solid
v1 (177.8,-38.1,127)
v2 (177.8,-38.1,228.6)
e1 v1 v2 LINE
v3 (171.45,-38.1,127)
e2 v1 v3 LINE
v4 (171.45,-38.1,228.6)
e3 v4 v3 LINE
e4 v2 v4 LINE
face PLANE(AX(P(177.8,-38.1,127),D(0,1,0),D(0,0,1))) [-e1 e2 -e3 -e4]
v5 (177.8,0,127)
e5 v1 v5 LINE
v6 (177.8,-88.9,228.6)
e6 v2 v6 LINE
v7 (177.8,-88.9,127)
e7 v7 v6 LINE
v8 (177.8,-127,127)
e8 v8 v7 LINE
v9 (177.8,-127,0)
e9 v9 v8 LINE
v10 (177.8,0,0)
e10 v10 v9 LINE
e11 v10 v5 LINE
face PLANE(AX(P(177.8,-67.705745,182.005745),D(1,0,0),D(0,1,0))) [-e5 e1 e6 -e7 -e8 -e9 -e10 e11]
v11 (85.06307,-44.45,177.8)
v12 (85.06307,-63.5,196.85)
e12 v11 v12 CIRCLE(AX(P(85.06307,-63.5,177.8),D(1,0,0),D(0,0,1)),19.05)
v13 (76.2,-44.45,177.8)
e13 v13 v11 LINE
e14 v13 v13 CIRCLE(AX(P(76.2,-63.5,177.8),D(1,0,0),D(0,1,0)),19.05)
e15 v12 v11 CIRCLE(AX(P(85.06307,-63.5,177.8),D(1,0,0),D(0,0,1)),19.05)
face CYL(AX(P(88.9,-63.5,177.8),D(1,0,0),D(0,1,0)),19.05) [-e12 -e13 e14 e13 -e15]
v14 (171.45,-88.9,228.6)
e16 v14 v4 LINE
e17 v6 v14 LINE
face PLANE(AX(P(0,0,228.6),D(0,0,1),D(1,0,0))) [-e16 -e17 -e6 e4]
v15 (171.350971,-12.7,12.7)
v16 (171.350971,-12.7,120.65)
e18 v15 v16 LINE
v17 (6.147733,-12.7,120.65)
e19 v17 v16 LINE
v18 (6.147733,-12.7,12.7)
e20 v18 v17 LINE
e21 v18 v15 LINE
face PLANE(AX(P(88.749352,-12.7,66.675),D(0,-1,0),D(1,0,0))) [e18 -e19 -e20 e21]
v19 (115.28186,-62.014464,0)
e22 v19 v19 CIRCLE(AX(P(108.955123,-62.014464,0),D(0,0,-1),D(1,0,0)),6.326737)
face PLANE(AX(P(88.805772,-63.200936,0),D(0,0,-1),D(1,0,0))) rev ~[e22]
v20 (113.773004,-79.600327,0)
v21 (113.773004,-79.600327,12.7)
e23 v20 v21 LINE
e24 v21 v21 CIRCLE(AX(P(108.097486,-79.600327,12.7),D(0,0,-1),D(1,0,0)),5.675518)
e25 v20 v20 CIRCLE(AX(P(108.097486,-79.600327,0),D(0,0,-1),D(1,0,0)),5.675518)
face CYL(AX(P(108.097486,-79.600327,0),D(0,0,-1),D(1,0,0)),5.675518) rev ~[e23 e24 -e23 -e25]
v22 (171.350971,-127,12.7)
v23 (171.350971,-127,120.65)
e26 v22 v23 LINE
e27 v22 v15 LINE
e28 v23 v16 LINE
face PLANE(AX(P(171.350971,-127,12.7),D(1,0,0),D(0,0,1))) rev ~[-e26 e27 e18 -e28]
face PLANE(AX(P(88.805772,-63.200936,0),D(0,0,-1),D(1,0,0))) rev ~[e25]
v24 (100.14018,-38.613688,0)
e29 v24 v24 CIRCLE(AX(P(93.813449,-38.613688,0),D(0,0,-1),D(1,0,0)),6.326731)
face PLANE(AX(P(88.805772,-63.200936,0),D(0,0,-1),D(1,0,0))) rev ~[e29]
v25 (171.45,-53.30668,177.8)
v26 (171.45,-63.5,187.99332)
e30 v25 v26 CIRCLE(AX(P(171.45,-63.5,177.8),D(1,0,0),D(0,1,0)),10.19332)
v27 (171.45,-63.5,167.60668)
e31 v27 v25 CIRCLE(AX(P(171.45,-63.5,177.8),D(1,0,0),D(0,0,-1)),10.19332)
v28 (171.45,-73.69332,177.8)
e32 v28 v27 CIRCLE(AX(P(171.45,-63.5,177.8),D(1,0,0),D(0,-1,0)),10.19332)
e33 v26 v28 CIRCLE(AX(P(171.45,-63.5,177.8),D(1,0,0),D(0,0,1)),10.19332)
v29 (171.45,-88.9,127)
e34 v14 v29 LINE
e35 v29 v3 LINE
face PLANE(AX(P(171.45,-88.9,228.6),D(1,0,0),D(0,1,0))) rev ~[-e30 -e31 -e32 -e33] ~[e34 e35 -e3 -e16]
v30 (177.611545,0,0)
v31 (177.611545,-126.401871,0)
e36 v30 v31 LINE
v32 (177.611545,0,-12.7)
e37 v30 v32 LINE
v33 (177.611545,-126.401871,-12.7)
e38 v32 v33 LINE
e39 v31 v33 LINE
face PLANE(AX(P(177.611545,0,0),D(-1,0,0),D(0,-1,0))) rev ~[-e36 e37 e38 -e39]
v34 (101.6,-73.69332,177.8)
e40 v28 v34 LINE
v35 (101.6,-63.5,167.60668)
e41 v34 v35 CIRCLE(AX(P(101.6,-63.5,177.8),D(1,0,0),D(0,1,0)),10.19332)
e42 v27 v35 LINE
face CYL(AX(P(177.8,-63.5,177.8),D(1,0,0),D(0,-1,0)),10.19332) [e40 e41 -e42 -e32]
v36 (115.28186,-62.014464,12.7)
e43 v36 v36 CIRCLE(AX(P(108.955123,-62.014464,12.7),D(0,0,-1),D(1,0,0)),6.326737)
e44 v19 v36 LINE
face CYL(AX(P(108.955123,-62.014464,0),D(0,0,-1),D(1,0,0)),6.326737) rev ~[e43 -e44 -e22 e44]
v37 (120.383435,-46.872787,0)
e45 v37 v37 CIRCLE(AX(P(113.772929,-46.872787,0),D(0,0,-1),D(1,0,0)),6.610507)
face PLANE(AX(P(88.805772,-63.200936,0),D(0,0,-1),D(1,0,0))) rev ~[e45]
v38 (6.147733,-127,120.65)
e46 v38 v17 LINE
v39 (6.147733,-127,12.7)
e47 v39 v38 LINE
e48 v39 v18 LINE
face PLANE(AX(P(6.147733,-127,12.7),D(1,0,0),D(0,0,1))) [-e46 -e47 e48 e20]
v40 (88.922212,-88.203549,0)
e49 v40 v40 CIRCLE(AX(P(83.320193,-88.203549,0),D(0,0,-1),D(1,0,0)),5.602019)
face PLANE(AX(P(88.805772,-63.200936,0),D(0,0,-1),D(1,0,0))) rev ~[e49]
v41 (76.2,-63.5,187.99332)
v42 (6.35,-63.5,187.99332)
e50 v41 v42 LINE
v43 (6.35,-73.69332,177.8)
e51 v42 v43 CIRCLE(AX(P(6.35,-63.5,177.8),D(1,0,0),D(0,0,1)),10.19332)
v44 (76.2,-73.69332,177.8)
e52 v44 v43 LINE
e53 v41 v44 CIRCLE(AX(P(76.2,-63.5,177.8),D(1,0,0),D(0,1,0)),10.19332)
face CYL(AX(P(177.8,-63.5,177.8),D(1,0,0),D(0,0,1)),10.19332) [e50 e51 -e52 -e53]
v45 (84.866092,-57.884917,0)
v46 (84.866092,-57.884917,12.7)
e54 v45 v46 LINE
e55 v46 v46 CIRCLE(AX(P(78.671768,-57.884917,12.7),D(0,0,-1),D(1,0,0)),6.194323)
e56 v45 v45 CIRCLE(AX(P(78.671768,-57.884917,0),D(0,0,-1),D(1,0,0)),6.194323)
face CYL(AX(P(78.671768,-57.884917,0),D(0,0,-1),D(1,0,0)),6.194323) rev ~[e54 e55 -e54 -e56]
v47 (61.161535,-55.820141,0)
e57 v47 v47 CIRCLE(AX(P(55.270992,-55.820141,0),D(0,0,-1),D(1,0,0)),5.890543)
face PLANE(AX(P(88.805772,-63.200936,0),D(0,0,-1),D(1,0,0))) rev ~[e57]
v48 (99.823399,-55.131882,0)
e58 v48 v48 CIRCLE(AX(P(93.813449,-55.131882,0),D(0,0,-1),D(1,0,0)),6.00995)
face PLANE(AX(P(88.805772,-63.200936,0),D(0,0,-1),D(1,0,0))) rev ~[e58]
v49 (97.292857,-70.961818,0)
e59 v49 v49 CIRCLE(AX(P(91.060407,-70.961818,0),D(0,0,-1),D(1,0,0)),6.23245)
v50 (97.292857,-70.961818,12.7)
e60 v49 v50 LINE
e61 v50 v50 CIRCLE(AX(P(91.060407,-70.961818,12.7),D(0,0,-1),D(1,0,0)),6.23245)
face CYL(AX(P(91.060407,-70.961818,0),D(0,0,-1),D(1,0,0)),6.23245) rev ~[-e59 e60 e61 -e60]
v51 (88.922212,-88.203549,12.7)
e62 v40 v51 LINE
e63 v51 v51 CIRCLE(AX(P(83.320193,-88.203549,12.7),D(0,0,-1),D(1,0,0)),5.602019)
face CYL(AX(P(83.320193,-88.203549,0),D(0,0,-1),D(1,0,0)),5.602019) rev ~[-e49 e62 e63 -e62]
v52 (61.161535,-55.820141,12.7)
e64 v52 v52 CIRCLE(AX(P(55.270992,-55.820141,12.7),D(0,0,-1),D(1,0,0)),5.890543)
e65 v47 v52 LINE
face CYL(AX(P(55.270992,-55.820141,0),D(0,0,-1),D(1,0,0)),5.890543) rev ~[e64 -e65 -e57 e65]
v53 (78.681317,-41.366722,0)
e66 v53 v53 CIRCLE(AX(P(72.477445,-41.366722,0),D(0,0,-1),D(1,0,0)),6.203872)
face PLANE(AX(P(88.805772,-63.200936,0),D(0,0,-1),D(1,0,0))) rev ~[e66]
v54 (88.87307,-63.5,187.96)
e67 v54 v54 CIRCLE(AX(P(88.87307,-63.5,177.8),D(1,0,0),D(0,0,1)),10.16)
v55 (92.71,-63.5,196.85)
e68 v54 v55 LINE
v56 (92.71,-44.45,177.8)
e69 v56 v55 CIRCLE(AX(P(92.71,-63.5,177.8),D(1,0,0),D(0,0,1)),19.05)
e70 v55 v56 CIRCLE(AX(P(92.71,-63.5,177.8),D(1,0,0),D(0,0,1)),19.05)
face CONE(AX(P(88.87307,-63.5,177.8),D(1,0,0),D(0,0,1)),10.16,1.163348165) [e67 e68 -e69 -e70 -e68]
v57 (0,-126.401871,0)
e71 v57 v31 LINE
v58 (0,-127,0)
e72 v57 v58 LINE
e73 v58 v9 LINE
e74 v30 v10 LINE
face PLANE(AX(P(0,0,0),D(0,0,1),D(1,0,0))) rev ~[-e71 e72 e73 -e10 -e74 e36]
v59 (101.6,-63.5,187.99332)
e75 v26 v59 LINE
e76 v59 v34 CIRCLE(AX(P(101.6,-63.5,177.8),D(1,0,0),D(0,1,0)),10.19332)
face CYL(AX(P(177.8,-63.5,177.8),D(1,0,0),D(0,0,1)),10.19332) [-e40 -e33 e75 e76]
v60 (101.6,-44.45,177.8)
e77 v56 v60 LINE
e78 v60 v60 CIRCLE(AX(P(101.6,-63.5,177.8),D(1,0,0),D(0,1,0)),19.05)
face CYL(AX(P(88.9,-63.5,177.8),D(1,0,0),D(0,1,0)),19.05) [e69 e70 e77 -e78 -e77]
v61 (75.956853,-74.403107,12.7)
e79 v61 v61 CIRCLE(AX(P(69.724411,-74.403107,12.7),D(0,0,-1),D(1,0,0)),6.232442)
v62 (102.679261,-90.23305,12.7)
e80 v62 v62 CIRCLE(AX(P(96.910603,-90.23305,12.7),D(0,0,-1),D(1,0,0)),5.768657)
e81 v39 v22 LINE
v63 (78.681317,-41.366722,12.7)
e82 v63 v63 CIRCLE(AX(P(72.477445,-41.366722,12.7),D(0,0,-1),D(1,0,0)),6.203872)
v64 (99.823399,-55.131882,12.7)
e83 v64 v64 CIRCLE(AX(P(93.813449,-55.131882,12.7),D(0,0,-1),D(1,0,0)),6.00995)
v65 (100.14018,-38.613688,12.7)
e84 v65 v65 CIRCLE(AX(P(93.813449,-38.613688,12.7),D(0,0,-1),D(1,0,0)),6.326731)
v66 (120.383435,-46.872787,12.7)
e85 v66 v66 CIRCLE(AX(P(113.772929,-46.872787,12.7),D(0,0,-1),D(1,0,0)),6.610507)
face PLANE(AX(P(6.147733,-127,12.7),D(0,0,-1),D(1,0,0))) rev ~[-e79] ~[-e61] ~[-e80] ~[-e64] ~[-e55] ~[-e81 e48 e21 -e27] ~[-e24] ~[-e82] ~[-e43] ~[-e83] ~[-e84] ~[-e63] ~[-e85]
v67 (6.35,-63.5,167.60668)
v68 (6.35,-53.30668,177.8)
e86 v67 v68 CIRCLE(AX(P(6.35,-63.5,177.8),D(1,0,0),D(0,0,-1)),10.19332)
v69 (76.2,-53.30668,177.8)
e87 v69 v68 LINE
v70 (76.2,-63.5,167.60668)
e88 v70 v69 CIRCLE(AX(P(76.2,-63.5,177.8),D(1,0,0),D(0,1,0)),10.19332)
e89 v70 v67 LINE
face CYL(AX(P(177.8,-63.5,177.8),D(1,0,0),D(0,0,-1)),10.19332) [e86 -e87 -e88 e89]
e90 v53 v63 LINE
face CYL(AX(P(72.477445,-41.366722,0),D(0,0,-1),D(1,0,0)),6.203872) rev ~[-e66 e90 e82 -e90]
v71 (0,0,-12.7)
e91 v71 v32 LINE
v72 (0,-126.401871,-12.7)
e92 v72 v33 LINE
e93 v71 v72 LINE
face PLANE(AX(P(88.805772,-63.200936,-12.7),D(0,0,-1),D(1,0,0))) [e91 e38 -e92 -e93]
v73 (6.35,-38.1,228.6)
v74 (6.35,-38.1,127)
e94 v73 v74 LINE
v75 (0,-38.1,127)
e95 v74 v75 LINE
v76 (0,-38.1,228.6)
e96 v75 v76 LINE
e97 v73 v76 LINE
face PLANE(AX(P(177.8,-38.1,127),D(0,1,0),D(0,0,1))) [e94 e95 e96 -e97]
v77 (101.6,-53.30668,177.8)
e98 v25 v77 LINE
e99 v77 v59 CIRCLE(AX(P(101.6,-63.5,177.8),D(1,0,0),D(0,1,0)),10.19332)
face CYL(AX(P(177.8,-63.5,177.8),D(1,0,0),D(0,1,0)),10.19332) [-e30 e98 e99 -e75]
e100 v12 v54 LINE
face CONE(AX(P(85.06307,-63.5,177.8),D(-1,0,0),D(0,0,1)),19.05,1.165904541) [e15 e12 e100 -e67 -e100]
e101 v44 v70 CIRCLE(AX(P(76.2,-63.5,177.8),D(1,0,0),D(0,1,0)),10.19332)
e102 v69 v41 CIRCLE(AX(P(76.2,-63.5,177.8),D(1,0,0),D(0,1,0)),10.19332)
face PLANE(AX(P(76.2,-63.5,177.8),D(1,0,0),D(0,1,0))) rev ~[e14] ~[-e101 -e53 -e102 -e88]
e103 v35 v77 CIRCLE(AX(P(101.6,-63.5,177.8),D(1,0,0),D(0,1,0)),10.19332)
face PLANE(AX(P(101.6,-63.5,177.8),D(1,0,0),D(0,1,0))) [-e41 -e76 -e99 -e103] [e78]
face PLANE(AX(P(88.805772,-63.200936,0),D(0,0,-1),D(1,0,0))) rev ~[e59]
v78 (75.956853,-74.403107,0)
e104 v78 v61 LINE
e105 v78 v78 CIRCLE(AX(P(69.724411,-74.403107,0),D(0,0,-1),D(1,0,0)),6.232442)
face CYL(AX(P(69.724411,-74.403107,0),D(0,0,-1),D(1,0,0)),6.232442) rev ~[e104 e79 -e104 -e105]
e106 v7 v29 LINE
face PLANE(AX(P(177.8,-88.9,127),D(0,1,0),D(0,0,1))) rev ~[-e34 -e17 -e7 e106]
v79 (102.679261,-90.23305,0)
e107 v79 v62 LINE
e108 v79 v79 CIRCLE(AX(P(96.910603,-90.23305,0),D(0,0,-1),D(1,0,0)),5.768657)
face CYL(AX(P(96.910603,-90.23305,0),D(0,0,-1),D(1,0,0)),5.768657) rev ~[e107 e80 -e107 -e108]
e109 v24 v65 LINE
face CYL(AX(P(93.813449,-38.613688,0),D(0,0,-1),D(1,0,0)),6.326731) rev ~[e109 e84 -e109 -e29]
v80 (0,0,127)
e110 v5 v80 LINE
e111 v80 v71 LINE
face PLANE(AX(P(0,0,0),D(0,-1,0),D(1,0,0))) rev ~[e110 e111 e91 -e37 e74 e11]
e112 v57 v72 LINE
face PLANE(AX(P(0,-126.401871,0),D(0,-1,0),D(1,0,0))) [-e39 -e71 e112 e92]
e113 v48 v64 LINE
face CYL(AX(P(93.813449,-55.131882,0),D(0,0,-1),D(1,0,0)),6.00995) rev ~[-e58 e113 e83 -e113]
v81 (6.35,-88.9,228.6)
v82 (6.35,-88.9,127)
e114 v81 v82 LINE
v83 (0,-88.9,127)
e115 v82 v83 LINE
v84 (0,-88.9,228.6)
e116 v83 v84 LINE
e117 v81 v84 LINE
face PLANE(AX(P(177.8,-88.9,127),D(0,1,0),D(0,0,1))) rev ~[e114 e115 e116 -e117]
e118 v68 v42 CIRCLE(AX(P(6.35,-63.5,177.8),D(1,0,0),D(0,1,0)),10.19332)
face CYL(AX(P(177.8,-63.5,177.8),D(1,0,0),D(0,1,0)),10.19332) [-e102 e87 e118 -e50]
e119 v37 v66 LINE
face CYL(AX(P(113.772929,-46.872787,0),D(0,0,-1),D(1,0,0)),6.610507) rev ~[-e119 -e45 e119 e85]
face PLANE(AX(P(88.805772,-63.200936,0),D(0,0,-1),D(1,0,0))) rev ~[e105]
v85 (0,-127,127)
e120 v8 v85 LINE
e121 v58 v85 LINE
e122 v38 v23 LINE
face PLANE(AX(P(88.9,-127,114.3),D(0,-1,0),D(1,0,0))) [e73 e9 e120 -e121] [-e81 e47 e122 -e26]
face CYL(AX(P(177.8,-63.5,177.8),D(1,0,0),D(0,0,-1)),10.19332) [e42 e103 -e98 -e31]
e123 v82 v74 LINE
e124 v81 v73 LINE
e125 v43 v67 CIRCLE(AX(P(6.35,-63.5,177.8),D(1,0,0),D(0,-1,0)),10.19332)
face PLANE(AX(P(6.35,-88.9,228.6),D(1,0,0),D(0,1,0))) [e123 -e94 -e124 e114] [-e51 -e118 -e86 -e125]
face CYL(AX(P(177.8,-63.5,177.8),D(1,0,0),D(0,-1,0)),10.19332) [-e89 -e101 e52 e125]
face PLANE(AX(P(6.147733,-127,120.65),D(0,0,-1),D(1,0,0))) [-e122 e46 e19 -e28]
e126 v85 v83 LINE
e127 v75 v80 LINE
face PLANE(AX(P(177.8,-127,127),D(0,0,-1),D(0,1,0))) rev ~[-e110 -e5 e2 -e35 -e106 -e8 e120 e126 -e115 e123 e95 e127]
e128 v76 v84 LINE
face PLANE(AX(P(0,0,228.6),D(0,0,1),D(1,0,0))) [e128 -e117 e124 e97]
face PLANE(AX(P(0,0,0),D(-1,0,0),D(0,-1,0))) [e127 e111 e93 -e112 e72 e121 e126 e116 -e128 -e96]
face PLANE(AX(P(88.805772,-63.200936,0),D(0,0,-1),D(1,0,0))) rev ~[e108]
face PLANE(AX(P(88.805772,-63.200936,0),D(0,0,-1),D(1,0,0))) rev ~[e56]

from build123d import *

# Parameters (mm, degrees)
F0_W      = 177.8
F0_H      = 228.6
F1_DEPTH  = 127
F2_W      = 38.1
F2_H      = 101.6
F3_DEPTH  = 177.8
F4_W      = 38.1
F4_H      = 101.6
F5_DEPTH  = 177.8
F6_R      = 6.199251325
F7_DEPTH  = 177.8
F8_W      = 165.1
F8_H      = 50.8
F9_DEPTH  = 101.6
F11_DEPTH = 174.498
F12_W     = 165.2032374404
F12_H     = 107.95
F13_DEPTH = 114.3
F15_R     = 5.6020191421
F16_DEPTH = 25.4
F17_R     = 5.6755182408
F18_DEPTH = 25.4
F19_R     = 6.2324496131
F20_DEPTH = 25.4
F21_R     = 6.232442208
F22_DEPTH = 25.4
F23_R     = 6.1943233013
F24_DEPTH = 25.4
F25_R     = 6.3267373896
F26_DEPTH = 25.4
F27_R     = 5.7686573469
F28_DEPTH = 25.4
F29_R     = 6.0099495699
F30_DEPTH = 25.4
F31_R     = 5.8905425669
F32_DEPTH = 25.4
F33_R     = 6.2038720929
F34_DEPTH = 25.4
F35_R     = 6.3267305002
F36_DEPTH = 25.4
F37_R     = 6.6105067138
F38_DEPTH = 25.4
F40_R     = 19.05
F40_R_2   = 10.1933204062
F41_DEPTH = 12.7
F42_W     = 177.6115447283
F42_H     = 126.4018714428
F43_DEPTH = 12.7


with BuildPart() as f1:
    # F0 (on Front) → F1 (new body)
    with BuildSketch(Plane.XZ):
        with Locations((88.9, 114.3)):
            Rectangle(F0_W, F0_H)
    extrude(amount=F1_DEPTH)

    # F2 (on face) → F3 (cut)
    with BuildSketch(Plane.YZ.offset(177.8)):
        with Locations((-107.95, 177.8)):
            Rectangle(F2_W, F2_H)
    extrude(amount=-F3_DEPTH, mode=Mode.SUBTRACT)

    # F4 (on face) → F5 (cut)
    with BuildSketch(Plane.YZ.offset(177.8)):
        with Locations((-19.05, 177.8)):
            Rectangle(F4_W, F4_H)
    extrude(amount=-F5_DEPTH, mode=Mode.SUBTRACT)

    # F6 (on face) → F7 (join)
    with BuildSketch(Plane(origin=(0, 0, 0), x_dir=(0, -1, 0), z_dir=(-1, 0, 0))):
        with Locations((61.0702037811, 211.2230211496)):
            Circle(F6_R)
    extrude(amount=-F7_DEPTH)

    # F8 (on face) → F9 (cut)
    with BuildSketch(Plane.XY.offset(228.6)):
        with Locations((88.9, -63.5)):
            Rectangle(F8_W, F8_H)
    extrude(amount=-F9_DEPTH, mode=Mode.SUBTRACT)

    # F10 (on face) → F11 (join)
    with BuildSketch(Plane.YZ.offset(177.8)):
        with BuildLine():
            Line((-63.5, 177.8), (-63.5, 187.9933204062))
            ThreePointArc((-63.5, 187.9933204062), (-70.707765982, 185.007765982), (-73.6933204062, 177.8))
            Line((-73.6933204062, 177.8), (-63.5, 177.8))
        make_face()
        with BuildLine():
            Line((-63.5, 167.6066795938), (-63.5, 177.8))
            Line((-63.5, 177.8), (-73.6933204062, 177.8))
            ThreePointArc((-73.6933204062, 177.8), (-70.707765982, 170.592234018), (-63.5, 167.6066795938))
        make_face()
        with BuildLine():
            Line((-53.3066795938, 177.8), (-63.5, 177.8))
            Line((-63.5, 177.8), (-63.5, 167.6066795938))
            ThreePointArc((-63.5, 167.6066795938), (-56.292234018, 170.592234018), (-53.3066795938, 177.8))
        make_face()
        with BuildLine():
            ThreePointArc((-53.3066795938, 177.8), (-56.292234018, 185.007765982), (-63.5, 187.9933204062))
            Line((-63.5, 187.9933204062), (-63.5, 177.8))
            Line((-63.5, 177.8), (-53.3066795938, 177.8))
        make_face()
    extrude(amount=-F11_DEPTH)

    # F12 (on face) → F13 (cut)
    with BuildSketch(Plane.XZ.offset(127)):
        with Locations((88.7493521441, 66.675)):
            Rectangle(F12_W, F12_H)
    extrude(amount=-F13_DEPTH, mode=Mode.SUBTRACT)

    # F15 (on face) → F16 (cut)
    with BuildSketch(Plane(origin=(0, 0, 0), x_dir=(1, 0, 0), z_dir=(0, 0, -1))):
        with Locations((83.3201929927, 88.2035493851)):
            Circle(F15_R)
    extrude(amount=-F16_DEPTH, mode=Mode.SUBTRACT)

    # F17 (on face) → F18 (cut)
    with BuildSketch(Plane(origin=(0, 0, 0), x_dir=(1, 0, 0), z_dir=(0, 0, -1))):
        with Locations((108.0974861979, 79.6003267169)):
            Circle(F17_R)
    extrude(amount=-F18_DEPTH, mode=Mode.SUBTRACT)

    # F19 (on face) → F20 (cut)
    with BuildSketch(Plane(origin=(0, 0, 0), x_dir=(1, 0, 0), z_dir=(0, 0, -1))):
        with Locations((91.0604074597, 70.961818099)):
            Circle(F19_R)
    extrude(amount=-F20_DEPTH, mode=Mode.SUBTRACT)

    # F21 (on face) → F22 (cut)
    with BuildSketch(Plane(origin=(0, 0, 0), x_dir=(1, 0, 0), z_dir=(0, 0, -1))):
        with Locations((69.7244107723, 74.4031071663)):
            Circle(F21_R)
    extrude(amount=-F22_DEPTH, mode=Mode.SUBTRACT)

    # F23 (on face) → F24 (cut)
    with BuildSketch(Plane(origin=(0, 0, 0), x_dir=(1, 0, 0), z_dir=(0, 0, -1))):
        with Locations((78.6717683077, 57.8849166632)):
            Circle(F23_R)
    extrude(amount=-F24_DEPTH, mode=Mode.SUBTRACT)

    # F25 (on face) → F26 (cut)
    with BuildSketch(Plane(origin=(0, 0, 0), x_dir=(1, 0, 0), z_dir=(0, 0, -1))):
        with Locations((108.9551225305, 62.0144642889)):
            Circle(F25_R)
    extrude(amount=-F26_DEPTH, mode=Mode.SUBTRACT)

    # F27 (on face) → F28 (cut)
    with BuildSketch(Plane(origin=(0, 0, 0), x_dir=(1, 0, 0), z_dir=(0, 0, -1))):
        with Locations((96.9106033444, 90.2330502868)):
            Circle(F27_R)
    extrude(amount=-F28_DEPTH, mode=Mode.SUBTRACT)

    # F29 (on face) → F30 (cut)
    with BuildSketch(Plane(origin=(0, 0, 0), x_dir=(1, 0, 0), z_dir=(0, 0, -1))):
        with Locations((93.8134491444, 55.1318824291)):
            Circle(F29_R)
    extrude(amount=-F30_DEPTH, mode=Mode.SUBTRACT)

    # F31 (on face) → F32 (cut)
    with BuildSketch(Plane(origin=(0, 0, 0), x_dir=(1, 0, 0), z_dir=(0, 0, -1))):
        with Locations((55.2709922194, 55.8201409876)):
            Circle(F31_R)
    extrude(amount=-F32_DEPTH, mode=Mode.SUBTRACT)

    # F33 (on face) → F34 (cut)
    with BuildSketch(Plane(origin=(0, 0, 0), x_dir=(1, 0, 0), z_dir=(0, 0, -1))):
        with Locations((72.4774450064, 41.3667224348)):
            Circle(F33_R)
    extrude(amount=-F34_DEPTH, mode=Mode.SUBTRACT)

    # F35 (on face) → F36 (cut)
    with BuildSketch(Plane(origin=(0, 0, 0), x_dir=(1, 0, 0), z_dir=(0, 0, -1))):
        with Locations((93.8134491444, 38.6136882007)):
            Circle(F35_R)
    extrude(amount=-F36_DEPTH, mode=Mode.SUBTRACT)

    # F37 (on face) → F38 (cut)
    with BuildSketch(Plane(origin=(0, 0, 0), x_dir=(1, 0, 0), z_dir=(0, 0, -1))):
        with Locations((113.7729287148, 46.8727871776)):
            Circle(F37_R)
    extrude(amount=-F38_DEPTH, mode=Mode.SUBTRACT)

    # F40 (on offset) → F41 (join, symmetric)
    with BuildSketch(Plane.YZ.offset(88.9)):
        with Locations((-63.5, 177.8)):
            Circle(F40_R)
        with Locations((-63.5, 177.8)):
            Circle(F40_R_2, mode=Mode.SUBTRACT)
    extrude(amount=F41_DEPTH, both=True)

    # F42 (on face) → F43 (join)
    with BuildSketch(Plane(origin=(0, 0, 0), x_dir=(1, 0, 0), z_dir=(0, 0, -1))):
        with Locations((88.8057723641, 63.2009357214)):
            Rectangle(F42_W, F42_H)
    extrude(amount=F43_DEPTH)

    # F45 (on offset) → F46 (revolve, cut)
    with BuildSketch(Plane.XZ.offset(63.5)):
        Polygon((88.8730700588, 187.96), (92.71, 196.85), (85.0630700588, 196.85), align=None)
    revolve(axis=Axis((88.71205585, -63.5, 177.8), (1, 0, 0)), mode=Mode.SUBTRACT)


solid = f1.part
